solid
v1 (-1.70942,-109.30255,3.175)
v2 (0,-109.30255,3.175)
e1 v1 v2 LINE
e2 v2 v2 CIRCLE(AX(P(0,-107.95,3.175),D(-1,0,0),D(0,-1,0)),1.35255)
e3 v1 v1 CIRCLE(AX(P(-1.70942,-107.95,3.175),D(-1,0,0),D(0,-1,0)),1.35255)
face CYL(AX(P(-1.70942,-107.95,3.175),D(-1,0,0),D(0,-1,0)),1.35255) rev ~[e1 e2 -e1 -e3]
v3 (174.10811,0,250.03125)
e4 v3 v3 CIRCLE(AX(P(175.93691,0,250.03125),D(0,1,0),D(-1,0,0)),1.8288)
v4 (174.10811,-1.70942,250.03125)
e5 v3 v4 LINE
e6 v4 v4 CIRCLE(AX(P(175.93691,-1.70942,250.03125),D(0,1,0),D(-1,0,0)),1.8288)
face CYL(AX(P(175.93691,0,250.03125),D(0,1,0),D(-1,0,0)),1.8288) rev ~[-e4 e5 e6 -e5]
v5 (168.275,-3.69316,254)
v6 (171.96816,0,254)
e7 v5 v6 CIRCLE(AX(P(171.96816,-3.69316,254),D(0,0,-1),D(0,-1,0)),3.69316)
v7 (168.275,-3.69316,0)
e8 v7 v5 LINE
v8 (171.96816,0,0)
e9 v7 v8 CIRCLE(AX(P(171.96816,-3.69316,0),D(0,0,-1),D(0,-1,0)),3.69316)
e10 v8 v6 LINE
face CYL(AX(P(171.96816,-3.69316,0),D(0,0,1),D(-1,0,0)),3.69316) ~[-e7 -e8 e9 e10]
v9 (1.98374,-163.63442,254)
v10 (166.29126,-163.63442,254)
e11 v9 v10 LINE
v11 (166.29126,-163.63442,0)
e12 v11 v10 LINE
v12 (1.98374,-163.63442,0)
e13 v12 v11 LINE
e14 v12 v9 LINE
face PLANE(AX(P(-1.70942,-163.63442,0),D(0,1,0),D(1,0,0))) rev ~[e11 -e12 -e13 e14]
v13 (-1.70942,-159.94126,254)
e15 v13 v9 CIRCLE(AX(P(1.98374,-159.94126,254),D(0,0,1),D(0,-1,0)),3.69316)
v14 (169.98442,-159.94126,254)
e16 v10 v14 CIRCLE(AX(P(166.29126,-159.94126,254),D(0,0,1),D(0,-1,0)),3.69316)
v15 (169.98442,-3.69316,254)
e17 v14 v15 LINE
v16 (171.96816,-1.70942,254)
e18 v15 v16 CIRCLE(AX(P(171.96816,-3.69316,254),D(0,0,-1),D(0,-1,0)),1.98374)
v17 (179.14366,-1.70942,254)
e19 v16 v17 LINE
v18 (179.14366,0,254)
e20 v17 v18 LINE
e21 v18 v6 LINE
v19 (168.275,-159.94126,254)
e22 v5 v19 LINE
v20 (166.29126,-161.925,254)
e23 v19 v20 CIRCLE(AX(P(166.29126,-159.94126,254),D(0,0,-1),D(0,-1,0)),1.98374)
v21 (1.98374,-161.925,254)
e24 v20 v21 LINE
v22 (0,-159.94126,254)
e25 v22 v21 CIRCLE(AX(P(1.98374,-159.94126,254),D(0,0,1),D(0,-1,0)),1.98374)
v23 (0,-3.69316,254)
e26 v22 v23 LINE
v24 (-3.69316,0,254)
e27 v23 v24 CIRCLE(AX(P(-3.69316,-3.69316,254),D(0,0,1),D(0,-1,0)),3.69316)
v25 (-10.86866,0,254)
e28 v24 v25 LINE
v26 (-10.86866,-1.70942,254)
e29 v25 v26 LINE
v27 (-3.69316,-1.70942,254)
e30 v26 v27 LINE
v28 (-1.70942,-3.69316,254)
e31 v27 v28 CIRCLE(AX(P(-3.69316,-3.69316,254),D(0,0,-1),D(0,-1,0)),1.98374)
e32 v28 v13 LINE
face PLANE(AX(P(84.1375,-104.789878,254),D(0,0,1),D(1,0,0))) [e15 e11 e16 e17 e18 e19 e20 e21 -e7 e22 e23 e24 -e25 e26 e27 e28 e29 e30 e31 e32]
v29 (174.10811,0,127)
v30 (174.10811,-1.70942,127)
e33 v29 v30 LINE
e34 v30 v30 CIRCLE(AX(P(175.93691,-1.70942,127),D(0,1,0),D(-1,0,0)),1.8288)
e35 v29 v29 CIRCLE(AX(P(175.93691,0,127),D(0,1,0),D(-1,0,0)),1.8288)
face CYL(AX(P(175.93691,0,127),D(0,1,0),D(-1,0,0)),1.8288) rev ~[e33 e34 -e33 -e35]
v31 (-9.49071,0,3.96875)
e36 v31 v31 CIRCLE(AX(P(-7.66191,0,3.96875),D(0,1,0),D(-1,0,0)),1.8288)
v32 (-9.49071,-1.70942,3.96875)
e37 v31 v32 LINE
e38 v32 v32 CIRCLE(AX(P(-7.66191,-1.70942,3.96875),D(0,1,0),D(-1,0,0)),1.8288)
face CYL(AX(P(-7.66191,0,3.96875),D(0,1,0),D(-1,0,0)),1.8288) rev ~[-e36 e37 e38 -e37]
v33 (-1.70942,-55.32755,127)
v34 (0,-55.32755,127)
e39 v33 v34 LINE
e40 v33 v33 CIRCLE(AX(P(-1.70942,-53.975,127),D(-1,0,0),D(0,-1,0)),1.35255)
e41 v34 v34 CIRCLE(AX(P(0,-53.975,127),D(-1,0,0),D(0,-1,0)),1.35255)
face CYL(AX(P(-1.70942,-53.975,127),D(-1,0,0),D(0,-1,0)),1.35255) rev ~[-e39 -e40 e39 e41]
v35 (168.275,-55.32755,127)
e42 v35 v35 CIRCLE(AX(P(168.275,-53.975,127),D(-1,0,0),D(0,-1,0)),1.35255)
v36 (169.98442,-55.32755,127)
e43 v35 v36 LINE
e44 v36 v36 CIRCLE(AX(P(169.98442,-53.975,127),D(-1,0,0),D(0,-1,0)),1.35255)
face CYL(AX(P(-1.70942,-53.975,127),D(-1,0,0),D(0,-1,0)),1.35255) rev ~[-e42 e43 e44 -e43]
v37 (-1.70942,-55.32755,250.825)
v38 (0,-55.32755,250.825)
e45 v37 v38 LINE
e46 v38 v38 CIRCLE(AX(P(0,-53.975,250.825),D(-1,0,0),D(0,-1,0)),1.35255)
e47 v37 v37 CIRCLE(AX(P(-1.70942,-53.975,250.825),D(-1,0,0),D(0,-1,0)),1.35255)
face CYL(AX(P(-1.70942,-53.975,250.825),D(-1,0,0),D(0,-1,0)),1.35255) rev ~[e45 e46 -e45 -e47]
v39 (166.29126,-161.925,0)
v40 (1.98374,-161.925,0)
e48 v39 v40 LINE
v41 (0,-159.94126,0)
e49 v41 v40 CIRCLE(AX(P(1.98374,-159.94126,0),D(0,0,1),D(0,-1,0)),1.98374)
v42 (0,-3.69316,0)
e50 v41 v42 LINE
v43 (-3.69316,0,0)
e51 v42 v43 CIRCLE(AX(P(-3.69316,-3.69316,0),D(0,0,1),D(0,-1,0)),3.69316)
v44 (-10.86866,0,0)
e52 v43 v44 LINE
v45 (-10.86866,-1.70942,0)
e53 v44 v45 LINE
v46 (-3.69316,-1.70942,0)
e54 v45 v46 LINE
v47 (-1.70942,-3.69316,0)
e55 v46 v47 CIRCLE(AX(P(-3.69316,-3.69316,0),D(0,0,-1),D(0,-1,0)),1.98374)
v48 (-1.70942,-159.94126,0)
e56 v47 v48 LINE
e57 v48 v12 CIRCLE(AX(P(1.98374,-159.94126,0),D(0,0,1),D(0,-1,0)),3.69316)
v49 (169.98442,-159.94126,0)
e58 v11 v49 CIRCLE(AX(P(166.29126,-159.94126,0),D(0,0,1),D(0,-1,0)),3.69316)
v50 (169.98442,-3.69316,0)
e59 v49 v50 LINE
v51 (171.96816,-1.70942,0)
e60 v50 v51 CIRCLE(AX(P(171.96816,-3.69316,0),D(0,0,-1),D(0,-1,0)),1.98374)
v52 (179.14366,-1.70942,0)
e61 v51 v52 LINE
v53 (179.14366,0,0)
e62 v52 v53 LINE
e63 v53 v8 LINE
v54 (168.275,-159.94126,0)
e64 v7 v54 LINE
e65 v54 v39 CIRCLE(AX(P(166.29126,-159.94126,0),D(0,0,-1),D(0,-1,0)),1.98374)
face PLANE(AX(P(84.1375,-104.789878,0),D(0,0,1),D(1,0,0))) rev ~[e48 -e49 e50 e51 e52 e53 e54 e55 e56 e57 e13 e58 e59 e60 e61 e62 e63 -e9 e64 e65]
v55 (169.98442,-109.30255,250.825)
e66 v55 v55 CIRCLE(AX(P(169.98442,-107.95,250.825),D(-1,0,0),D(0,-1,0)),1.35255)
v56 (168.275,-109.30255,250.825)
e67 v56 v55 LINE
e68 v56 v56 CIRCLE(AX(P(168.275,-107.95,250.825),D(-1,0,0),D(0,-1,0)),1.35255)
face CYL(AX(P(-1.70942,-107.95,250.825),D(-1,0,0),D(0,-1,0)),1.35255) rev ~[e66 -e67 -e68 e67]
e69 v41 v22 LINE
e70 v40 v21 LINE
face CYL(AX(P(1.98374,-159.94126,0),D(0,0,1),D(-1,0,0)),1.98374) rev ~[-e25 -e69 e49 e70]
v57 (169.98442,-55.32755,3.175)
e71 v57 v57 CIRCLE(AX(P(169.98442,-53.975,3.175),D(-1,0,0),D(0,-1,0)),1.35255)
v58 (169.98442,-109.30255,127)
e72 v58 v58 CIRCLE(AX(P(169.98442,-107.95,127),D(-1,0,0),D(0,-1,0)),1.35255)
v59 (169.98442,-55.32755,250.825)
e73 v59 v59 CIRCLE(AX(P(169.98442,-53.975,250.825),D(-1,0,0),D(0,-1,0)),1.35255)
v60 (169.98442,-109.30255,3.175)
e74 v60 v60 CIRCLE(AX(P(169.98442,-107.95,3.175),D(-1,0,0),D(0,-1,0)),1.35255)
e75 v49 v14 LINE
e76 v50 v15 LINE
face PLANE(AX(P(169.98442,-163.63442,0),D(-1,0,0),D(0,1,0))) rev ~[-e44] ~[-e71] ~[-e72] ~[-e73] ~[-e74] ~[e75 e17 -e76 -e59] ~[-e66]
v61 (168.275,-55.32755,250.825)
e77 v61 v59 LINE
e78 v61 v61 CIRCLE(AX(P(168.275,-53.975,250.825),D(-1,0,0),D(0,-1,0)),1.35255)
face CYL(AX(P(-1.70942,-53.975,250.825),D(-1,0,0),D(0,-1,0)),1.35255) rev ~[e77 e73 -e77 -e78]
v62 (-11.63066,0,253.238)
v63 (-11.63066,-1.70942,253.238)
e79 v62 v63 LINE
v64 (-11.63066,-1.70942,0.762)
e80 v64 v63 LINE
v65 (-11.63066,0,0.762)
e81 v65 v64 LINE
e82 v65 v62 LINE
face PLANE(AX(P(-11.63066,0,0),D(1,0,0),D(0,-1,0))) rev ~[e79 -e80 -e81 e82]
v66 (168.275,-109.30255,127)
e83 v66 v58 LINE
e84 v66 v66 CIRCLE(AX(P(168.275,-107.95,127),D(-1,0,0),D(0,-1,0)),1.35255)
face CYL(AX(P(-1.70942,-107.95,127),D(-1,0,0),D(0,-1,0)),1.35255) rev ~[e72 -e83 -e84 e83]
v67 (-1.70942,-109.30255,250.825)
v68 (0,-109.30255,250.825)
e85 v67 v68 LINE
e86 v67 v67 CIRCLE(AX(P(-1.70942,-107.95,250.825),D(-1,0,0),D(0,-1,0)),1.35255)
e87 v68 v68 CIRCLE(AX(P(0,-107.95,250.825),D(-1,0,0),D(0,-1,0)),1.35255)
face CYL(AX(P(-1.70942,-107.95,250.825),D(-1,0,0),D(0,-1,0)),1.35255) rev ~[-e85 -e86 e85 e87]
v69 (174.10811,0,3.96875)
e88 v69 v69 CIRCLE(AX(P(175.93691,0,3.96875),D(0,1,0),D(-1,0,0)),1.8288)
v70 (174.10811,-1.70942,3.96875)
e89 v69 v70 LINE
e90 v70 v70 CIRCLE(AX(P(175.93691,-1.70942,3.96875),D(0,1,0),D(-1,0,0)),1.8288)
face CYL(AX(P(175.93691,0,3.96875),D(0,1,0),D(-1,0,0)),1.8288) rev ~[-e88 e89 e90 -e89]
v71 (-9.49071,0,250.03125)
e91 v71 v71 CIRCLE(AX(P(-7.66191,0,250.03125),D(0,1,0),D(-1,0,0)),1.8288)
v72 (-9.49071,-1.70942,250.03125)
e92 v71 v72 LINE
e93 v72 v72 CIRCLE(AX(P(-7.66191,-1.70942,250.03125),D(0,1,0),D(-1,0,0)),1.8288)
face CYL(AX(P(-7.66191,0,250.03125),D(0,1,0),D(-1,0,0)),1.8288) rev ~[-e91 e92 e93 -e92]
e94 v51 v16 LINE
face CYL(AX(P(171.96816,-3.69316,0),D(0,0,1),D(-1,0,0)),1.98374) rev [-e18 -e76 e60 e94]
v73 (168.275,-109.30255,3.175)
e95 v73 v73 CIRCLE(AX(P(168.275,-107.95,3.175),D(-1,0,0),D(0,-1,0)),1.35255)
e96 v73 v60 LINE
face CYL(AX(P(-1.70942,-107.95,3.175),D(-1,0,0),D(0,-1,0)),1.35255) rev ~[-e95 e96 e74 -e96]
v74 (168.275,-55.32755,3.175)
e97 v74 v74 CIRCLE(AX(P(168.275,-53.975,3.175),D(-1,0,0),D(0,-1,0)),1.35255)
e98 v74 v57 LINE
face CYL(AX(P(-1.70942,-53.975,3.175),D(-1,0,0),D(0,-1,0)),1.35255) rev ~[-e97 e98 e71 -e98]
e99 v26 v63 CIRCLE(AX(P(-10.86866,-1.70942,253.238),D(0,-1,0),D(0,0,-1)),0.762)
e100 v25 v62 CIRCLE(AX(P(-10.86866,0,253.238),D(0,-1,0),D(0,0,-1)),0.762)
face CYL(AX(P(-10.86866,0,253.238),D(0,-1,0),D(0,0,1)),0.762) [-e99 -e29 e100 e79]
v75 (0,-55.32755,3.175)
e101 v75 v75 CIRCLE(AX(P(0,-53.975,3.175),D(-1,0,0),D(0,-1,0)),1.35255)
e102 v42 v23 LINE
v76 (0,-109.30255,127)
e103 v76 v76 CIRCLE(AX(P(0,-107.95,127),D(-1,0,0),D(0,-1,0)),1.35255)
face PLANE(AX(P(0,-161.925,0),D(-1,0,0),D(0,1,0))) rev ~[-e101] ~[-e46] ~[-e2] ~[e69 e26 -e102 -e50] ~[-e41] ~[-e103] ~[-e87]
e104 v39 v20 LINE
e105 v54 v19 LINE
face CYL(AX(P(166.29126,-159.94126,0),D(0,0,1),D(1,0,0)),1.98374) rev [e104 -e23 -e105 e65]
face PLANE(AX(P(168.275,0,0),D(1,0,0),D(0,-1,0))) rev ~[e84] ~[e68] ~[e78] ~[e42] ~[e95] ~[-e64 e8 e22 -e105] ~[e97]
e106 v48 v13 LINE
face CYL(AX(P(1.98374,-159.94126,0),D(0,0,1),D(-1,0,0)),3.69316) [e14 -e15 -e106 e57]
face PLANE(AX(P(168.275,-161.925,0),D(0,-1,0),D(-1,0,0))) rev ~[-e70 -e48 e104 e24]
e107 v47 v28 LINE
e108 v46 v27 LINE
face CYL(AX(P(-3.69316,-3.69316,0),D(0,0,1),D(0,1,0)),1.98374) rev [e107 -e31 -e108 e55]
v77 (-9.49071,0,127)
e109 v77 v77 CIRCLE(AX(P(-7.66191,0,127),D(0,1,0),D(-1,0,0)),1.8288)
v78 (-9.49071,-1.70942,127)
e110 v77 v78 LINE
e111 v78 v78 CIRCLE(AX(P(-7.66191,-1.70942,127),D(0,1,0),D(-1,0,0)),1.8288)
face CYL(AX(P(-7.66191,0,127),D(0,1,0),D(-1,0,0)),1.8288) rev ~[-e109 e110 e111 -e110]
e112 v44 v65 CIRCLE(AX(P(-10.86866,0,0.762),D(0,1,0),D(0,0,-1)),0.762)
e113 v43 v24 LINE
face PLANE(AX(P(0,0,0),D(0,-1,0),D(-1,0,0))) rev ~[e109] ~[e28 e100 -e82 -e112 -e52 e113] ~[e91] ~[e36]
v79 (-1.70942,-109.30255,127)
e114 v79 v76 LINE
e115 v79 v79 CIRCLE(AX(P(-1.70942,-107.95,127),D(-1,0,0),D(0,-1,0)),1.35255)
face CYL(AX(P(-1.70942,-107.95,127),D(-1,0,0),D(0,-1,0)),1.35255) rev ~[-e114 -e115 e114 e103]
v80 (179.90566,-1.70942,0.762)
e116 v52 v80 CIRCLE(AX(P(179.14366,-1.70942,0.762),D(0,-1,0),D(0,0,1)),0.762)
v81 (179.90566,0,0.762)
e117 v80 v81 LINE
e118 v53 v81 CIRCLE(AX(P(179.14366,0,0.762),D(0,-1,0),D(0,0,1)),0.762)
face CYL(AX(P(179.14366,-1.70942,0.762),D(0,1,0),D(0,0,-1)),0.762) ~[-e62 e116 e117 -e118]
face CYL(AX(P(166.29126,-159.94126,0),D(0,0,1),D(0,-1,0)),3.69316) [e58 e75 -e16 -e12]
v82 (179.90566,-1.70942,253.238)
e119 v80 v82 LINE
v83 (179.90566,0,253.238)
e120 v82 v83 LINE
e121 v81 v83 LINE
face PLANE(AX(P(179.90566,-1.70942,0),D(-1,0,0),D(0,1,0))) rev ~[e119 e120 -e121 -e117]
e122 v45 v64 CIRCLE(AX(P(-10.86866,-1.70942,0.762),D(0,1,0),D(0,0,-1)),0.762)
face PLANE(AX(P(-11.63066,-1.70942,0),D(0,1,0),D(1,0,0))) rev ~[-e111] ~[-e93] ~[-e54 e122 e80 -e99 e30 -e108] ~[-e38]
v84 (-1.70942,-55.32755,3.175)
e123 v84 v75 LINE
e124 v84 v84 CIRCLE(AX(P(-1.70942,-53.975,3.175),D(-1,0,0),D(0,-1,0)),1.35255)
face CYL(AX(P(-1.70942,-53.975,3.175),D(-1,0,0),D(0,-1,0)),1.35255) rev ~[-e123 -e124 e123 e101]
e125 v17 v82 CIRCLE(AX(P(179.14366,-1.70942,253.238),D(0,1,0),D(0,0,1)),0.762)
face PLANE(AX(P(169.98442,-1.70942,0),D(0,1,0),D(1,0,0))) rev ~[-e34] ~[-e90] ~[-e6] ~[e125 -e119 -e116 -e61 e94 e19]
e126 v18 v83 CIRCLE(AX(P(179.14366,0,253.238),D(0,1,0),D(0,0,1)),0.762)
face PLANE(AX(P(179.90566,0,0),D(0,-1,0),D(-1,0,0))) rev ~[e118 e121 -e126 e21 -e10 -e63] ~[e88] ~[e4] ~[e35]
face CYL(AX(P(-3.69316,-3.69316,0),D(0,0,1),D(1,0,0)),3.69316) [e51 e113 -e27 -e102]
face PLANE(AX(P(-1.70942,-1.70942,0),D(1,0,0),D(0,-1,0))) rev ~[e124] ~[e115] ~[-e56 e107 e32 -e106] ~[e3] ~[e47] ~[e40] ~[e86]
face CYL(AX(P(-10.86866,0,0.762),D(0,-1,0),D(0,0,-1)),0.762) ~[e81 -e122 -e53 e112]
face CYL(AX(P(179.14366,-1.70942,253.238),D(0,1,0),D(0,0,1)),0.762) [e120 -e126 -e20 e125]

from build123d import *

# Parameters (mm, degrees)
F1_DEPTH = 254
F2_R     = 1.98374
F3_R     = 3.69316
F4_R     = 1.35255
F5_DEPTH = 171.69384
F6_R     = 1.8288
F7_DEPTH = 1.70942
F8_R     = 0.762


with BuildPart() as f1:
    # F0 (on Top) → F1 (new body)
    with BuildSketch(Plane.XY):
        Polygon((0, -161.925), (0, 0), (-11.63066, 0), (-11.63066, -1.70942), (-1.70942, -1.70942), (-1.70942, -163.63442), (169.98442, -163.63442), (169.98442, -1.70942), (179.90566, -1.70942), (179.90566, 0), (168.275, 0), (168.275, -161.925), align=None)
    extrude(amount=F1_DEPTH)

    # F2
    f2_edges = [f1.edges().sort_by_distance(p)[0] for p in [
        (168.275, -161.925, 127),
        (0, -161.925, 127),
        (-1.70942, -1.70942, 127),
        (169.98442, -1.70942, 127),
    ]]
    fillet(f2_edges, radius=F2_R)

    # F3
    f3_edges = [f1.edges().sort_by_distance(p)[0] for p in [
        (0, 0, 127),
        (-1.70942, -163.63442, 127),
        (169.98442, -163.63442, 127),
        (168.275, 0, 127),
    ]]
    fillet(f3_edges, radius=F3_R)

    # F4 (on face) → F5 (cut, through all)
    with BuildSketch(Plane(origin=(-1.70942, 0, 0), x_dir=(0, -1, 0), z_dir=(-1, 0, 0))):
        with Locations((107.95, 3.175)):
            Circle(F4_R)
        with Locations((53.975, 3.175)):
            Circle(F4_R)
        with Locations((53.975, 250.825)):
            Circle(F4_R)
        with Locations((107.95, 250.825)):
            Circle(F4_R)
        with Locations((107.95, 127)):
            Circle(F4_R)
        with Locations((53.975, 127)):
            Circle(F4_R)
    extrude(amount=-F5_DEPTH, mode=Mode.SUBTRACT)

    # F6 (on face) → F7 (cut, through all)
    with BuildSketch(Plane(origin=(0, 0, 0), x_dir=(-1, 0, 0), z_dir=(0, 1, 0))):
        with Locations((-175.93691, 250.03125)):
            Circle(F6_R)
        with Locations((-175.93691, 127)):
            Circle(F6_R)
        with Locations((-175.93691, 3.96875)):
            Circle(F6_R)
        with Locations((7.66191, 3.96875)):
            Circle(F6_R)
        with Locations((7.66191, 127)):
            Circle(F6_R)
        with Locations((7.66191, 250.03125)):
            Circle(F6_R)
    extrude(amount=-F7_DEPTH, mode=Mode.SUBTRACT)

    # F8
    f8_edges = [f1.edges().sort_by_distance(p)[0] for p in [
        (-11.63066, -0.85471, 0),
        (-11.63066, -0.85471, 254),
        (179.90566, -0.85471, 254),
        (179.90566, -0.85471, 0),
    ]]
    fillet(f8_edges, radius=F8_R)


solid = f1.part
